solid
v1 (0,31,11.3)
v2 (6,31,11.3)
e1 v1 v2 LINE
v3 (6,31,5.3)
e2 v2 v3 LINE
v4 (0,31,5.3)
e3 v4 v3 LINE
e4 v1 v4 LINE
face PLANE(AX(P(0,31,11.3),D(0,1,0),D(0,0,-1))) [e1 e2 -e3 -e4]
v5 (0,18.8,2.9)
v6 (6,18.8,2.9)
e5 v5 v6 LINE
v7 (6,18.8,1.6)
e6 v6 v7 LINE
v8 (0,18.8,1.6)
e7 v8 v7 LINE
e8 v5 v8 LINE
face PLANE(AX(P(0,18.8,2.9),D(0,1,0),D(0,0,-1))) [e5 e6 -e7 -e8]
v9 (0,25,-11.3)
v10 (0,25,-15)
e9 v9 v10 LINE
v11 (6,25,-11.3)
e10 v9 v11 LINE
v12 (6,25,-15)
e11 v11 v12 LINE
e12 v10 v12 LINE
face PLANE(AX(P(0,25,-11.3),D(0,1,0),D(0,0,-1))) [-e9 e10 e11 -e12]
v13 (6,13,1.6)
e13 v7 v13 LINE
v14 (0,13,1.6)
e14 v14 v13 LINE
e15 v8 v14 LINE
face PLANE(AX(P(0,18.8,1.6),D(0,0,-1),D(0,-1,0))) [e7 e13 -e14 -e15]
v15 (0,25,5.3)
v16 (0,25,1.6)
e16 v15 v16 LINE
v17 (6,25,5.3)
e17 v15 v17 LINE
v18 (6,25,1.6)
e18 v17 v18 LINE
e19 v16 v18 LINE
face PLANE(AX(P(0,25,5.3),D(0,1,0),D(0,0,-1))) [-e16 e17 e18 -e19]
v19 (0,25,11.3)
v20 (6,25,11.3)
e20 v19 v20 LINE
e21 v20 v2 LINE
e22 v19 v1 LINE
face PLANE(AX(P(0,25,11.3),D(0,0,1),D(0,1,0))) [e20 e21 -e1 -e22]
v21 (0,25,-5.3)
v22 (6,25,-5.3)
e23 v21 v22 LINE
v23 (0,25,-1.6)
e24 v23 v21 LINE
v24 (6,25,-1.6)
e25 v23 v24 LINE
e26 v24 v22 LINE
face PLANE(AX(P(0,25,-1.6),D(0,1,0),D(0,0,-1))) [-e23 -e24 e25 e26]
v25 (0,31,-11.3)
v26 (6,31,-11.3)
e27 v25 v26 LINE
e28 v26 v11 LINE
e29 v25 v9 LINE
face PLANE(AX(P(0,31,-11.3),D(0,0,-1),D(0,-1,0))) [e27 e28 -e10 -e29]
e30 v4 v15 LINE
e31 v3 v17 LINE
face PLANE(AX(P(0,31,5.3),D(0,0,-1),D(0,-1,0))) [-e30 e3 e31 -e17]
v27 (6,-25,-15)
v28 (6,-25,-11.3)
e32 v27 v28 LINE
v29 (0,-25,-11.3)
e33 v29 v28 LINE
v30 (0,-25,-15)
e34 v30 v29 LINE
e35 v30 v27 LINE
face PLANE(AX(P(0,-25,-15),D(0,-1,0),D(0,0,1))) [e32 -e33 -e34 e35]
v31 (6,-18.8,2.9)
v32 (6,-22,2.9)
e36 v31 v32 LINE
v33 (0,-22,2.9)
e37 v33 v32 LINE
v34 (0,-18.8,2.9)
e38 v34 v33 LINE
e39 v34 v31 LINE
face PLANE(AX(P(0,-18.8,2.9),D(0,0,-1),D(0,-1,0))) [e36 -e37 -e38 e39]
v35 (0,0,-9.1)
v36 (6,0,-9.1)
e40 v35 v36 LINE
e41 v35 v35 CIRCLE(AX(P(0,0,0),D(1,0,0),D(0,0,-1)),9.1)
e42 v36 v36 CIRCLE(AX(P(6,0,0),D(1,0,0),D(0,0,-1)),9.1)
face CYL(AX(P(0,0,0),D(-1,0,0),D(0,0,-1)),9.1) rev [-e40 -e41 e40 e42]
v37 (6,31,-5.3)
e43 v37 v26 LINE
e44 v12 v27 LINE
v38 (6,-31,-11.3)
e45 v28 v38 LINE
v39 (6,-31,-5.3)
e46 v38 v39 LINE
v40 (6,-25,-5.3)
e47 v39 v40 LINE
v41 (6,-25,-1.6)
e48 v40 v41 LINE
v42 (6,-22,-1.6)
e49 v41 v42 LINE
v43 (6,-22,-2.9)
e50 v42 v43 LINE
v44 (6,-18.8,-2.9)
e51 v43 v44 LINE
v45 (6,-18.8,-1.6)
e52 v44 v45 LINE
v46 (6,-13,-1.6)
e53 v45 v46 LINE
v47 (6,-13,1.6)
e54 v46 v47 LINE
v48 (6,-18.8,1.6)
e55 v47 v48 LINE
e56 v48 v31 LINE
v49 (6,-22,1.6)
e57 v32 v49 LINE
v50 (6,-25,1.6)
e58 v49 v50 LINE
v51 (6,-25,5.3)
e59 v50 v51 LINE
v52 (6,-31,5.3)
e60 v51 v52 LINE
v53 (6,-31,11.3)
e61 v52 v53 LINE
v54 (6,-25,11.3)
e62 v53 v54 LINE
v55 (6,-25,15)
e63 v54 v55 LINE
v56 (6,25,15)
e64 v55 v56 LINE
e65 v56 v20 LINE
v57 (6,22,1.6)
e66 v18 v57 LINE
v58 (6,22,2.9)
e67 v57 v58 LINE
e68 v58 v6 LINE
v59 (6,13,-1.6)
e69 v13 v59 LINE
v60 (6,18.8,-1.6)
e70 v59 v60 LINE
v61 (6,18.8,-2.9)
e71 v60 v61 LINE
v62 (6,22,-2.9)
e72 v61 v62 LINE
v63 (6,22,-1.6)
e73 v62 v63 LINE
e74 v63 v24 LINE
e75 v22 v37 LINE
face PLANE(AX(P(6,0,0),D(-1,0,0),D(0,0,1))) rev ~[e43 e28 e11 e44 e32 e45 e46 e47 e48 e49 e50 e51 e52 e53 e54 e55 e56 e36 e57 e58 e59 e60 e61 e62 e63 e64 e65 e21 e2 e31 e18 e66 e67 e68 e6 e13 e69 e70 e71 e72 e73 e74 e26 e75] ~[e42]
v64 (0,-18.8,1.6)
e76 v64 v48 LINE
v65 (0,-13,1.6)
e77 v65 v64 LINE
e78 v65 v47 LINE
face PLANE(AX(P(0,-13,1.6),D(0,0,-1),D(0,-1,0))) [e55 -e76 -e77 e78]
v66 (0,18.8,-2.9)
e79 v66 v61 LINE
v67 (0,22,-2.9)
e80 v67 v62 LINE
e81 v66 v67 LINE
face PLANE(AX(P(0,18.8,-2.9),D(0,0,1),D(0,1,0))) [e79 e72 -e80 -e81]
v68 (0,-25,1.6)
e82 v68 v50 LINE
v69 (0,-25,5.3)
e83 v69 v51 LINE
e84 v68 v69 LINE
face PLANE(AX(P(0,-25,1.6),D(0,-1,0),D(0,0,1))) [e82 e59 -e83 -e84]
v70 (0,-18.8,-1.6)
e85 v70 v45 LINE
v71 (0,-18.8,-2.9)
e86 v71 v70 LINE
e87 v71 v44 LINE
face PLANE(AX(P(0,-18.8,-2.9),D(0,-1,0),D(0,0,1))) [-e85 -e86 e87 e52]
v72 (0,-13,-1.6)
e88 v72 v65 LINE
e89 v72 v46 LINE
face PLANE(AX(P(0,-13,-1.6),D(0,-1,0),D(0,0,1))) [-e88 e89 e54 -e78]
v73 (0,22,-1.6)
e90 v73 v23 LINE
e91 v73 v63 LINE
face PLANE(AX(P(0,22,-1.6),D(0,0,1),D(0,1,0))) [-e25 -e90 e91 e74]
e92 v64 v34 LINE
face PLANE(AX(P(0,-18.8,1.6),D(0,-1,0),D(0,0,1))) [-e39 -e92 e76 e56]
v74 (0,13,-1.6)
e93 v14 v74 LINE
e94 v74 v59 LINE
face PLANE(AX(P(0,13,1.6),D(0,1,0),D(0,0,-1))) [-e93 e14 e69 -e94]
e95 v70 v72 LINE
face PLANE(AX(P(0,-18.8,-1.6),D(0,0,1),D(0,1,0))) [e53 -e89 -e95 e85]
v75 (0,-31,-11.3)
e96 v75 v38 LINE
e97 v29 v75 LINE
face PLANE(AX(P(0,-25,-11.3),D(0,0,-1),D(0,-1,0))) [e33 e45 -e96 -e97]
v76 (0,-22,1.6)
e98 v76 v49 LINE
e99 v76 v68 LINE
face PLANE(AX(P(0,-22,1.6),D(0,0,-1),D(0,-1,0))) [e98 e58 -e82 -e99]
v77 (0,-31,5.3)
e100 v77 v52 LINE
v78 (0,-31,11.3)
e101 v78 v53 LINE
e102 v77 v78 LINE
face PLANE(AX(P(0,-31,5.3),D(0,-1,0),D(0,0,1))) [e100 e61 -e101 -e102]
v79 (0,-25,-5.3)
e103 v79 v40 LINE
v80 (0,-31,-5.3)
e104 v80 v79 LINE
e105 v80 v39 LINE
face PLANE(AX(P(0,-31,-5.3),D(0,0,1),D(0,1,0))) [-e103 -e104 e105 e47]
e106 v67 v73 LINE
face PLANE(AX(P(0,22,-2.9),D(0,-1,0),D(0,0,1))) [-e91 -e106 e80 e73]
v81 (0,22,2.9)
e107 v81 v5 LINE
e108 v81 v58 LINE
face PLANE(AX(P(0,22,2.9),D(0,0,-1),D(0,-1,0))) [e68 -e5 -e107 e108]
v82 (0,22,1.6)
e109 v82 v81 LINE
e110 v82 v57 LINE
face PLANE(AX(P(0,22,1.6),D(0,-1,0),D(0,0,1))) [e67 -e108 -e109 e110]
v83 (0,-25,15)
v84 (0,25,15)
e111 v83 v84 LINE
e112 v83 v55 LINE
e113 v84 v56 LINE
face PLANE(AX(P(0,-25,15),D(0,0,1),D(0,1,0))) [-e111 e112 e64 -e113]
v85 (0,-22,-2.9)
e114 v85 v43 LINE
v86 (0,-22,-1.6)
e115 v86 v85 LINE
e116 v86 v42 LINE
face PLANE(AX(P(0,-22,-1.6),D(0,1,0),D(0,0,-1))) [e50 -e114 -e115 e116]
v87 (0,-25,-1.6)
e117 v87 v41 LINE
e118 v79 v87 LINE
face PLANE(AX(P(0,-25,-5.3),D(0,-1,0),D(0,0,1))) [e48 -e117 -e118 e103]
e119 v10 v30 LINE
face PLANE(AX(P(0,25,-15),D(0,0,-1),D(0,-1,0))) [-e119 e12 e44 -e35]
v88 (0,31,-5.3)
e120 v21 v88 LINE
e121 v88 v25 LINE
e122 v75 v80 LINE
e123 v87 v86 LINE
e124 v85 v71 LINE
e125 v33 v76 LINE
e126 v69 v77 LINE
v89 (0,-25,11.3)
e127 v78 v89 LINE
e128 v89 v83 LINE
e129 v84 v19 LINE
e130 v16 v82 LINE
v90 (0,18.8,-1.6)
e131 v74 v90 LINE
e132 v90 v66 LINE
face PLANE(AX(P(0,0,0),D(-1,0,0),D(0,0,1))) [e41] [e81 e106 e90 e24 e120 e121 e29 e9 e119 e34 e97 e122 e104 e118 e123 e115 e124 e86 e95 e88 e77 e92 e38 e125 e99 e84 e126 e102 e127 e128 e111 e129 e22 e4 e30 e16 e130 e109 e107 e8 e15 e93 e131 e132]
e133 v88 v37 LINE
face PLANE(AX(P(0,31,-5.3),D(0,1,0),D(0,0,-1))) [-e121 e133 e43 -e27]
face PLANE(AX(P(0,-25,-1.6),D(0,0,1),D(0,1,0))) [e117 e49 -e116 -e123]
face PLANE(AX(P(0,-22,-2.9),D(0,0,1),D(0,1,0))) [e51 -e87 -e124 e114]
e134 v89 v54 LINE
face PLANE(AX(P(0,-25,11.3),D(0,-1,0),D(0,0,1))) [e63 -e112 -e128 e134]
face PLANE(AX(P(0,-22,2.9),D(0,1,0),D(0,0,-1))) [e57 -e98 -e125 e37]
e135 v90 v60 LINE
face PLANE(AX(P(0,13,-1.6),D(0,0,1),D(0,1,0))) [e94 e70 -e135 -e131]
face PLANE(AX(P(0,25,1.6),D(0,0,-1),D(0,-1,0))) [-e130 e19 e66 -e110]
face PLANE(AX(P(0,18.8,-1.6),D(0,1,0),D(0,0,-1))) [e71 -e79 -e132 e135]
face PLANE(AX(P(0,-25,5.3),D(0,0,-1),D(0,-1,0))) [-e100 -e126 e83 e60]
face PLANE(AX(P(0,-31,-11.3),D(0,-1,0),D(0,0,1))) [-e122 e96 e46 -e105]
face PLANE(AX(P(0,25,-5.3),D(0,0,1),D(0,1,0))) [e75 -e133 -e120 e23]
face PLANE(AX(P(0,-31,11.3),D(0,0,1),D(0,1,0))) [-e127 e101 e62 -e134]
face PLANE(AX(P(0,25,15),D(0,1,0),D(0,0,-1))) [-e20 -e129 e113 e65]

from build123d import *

# Parameters (mm, degrees)
SKETCH1_R           = 9.1
BOSS_EXTRUDE1_DEPTH = 6


with BuildPart() as part:
    # Sketch1 → Boss-Extrude1 (new body)
    with BuildSketch(Plane(origin=(0, 0, 0), x_dir=(0, 0, -1), z_dir=(1, 0, 0))):
        Polygon((-15, -25), (-15, 25), (-11.3, 25), (-11.3, 31), (-5.3, 31), (-5.3, 25), (-1.6, 25), (-1.6, 22), (-2.9, 22), (-2.9, 18.8), (-1.6, 18.8), (-1.6, 13), (1.6, 13), (1.6, 18.8), (2.9, 18.8), (2.9, 22), (1.6, 22), (1.6, 25), (5.3, 25), (5.3, 31), (11.3, 31), (11.3, 25), (15, 25), (15, -25), (11.3, -25), (11.3, -31), (5.3, -31), (5.3, -25), (1.6, -25), (1.6, -22), (2.9, -22), (2.9, -18.8), (1.6, -18.8), (1.6, -13), (-1.6, -13), (-1.6, -18.8), (-2.9, -18.8), (-2.9, -22), (-1.6, -22), (-1.6, -25), (-5.3, -25), (-5.3, -31), (-11.3, -31), (-11.3, -25), align=None)
        Circle(SKETCH1_R, mode=Mode.SUBTRACT)
    extrude(amount=BOSS_EXTRUDE1_DEPTH)


solid = part.part
